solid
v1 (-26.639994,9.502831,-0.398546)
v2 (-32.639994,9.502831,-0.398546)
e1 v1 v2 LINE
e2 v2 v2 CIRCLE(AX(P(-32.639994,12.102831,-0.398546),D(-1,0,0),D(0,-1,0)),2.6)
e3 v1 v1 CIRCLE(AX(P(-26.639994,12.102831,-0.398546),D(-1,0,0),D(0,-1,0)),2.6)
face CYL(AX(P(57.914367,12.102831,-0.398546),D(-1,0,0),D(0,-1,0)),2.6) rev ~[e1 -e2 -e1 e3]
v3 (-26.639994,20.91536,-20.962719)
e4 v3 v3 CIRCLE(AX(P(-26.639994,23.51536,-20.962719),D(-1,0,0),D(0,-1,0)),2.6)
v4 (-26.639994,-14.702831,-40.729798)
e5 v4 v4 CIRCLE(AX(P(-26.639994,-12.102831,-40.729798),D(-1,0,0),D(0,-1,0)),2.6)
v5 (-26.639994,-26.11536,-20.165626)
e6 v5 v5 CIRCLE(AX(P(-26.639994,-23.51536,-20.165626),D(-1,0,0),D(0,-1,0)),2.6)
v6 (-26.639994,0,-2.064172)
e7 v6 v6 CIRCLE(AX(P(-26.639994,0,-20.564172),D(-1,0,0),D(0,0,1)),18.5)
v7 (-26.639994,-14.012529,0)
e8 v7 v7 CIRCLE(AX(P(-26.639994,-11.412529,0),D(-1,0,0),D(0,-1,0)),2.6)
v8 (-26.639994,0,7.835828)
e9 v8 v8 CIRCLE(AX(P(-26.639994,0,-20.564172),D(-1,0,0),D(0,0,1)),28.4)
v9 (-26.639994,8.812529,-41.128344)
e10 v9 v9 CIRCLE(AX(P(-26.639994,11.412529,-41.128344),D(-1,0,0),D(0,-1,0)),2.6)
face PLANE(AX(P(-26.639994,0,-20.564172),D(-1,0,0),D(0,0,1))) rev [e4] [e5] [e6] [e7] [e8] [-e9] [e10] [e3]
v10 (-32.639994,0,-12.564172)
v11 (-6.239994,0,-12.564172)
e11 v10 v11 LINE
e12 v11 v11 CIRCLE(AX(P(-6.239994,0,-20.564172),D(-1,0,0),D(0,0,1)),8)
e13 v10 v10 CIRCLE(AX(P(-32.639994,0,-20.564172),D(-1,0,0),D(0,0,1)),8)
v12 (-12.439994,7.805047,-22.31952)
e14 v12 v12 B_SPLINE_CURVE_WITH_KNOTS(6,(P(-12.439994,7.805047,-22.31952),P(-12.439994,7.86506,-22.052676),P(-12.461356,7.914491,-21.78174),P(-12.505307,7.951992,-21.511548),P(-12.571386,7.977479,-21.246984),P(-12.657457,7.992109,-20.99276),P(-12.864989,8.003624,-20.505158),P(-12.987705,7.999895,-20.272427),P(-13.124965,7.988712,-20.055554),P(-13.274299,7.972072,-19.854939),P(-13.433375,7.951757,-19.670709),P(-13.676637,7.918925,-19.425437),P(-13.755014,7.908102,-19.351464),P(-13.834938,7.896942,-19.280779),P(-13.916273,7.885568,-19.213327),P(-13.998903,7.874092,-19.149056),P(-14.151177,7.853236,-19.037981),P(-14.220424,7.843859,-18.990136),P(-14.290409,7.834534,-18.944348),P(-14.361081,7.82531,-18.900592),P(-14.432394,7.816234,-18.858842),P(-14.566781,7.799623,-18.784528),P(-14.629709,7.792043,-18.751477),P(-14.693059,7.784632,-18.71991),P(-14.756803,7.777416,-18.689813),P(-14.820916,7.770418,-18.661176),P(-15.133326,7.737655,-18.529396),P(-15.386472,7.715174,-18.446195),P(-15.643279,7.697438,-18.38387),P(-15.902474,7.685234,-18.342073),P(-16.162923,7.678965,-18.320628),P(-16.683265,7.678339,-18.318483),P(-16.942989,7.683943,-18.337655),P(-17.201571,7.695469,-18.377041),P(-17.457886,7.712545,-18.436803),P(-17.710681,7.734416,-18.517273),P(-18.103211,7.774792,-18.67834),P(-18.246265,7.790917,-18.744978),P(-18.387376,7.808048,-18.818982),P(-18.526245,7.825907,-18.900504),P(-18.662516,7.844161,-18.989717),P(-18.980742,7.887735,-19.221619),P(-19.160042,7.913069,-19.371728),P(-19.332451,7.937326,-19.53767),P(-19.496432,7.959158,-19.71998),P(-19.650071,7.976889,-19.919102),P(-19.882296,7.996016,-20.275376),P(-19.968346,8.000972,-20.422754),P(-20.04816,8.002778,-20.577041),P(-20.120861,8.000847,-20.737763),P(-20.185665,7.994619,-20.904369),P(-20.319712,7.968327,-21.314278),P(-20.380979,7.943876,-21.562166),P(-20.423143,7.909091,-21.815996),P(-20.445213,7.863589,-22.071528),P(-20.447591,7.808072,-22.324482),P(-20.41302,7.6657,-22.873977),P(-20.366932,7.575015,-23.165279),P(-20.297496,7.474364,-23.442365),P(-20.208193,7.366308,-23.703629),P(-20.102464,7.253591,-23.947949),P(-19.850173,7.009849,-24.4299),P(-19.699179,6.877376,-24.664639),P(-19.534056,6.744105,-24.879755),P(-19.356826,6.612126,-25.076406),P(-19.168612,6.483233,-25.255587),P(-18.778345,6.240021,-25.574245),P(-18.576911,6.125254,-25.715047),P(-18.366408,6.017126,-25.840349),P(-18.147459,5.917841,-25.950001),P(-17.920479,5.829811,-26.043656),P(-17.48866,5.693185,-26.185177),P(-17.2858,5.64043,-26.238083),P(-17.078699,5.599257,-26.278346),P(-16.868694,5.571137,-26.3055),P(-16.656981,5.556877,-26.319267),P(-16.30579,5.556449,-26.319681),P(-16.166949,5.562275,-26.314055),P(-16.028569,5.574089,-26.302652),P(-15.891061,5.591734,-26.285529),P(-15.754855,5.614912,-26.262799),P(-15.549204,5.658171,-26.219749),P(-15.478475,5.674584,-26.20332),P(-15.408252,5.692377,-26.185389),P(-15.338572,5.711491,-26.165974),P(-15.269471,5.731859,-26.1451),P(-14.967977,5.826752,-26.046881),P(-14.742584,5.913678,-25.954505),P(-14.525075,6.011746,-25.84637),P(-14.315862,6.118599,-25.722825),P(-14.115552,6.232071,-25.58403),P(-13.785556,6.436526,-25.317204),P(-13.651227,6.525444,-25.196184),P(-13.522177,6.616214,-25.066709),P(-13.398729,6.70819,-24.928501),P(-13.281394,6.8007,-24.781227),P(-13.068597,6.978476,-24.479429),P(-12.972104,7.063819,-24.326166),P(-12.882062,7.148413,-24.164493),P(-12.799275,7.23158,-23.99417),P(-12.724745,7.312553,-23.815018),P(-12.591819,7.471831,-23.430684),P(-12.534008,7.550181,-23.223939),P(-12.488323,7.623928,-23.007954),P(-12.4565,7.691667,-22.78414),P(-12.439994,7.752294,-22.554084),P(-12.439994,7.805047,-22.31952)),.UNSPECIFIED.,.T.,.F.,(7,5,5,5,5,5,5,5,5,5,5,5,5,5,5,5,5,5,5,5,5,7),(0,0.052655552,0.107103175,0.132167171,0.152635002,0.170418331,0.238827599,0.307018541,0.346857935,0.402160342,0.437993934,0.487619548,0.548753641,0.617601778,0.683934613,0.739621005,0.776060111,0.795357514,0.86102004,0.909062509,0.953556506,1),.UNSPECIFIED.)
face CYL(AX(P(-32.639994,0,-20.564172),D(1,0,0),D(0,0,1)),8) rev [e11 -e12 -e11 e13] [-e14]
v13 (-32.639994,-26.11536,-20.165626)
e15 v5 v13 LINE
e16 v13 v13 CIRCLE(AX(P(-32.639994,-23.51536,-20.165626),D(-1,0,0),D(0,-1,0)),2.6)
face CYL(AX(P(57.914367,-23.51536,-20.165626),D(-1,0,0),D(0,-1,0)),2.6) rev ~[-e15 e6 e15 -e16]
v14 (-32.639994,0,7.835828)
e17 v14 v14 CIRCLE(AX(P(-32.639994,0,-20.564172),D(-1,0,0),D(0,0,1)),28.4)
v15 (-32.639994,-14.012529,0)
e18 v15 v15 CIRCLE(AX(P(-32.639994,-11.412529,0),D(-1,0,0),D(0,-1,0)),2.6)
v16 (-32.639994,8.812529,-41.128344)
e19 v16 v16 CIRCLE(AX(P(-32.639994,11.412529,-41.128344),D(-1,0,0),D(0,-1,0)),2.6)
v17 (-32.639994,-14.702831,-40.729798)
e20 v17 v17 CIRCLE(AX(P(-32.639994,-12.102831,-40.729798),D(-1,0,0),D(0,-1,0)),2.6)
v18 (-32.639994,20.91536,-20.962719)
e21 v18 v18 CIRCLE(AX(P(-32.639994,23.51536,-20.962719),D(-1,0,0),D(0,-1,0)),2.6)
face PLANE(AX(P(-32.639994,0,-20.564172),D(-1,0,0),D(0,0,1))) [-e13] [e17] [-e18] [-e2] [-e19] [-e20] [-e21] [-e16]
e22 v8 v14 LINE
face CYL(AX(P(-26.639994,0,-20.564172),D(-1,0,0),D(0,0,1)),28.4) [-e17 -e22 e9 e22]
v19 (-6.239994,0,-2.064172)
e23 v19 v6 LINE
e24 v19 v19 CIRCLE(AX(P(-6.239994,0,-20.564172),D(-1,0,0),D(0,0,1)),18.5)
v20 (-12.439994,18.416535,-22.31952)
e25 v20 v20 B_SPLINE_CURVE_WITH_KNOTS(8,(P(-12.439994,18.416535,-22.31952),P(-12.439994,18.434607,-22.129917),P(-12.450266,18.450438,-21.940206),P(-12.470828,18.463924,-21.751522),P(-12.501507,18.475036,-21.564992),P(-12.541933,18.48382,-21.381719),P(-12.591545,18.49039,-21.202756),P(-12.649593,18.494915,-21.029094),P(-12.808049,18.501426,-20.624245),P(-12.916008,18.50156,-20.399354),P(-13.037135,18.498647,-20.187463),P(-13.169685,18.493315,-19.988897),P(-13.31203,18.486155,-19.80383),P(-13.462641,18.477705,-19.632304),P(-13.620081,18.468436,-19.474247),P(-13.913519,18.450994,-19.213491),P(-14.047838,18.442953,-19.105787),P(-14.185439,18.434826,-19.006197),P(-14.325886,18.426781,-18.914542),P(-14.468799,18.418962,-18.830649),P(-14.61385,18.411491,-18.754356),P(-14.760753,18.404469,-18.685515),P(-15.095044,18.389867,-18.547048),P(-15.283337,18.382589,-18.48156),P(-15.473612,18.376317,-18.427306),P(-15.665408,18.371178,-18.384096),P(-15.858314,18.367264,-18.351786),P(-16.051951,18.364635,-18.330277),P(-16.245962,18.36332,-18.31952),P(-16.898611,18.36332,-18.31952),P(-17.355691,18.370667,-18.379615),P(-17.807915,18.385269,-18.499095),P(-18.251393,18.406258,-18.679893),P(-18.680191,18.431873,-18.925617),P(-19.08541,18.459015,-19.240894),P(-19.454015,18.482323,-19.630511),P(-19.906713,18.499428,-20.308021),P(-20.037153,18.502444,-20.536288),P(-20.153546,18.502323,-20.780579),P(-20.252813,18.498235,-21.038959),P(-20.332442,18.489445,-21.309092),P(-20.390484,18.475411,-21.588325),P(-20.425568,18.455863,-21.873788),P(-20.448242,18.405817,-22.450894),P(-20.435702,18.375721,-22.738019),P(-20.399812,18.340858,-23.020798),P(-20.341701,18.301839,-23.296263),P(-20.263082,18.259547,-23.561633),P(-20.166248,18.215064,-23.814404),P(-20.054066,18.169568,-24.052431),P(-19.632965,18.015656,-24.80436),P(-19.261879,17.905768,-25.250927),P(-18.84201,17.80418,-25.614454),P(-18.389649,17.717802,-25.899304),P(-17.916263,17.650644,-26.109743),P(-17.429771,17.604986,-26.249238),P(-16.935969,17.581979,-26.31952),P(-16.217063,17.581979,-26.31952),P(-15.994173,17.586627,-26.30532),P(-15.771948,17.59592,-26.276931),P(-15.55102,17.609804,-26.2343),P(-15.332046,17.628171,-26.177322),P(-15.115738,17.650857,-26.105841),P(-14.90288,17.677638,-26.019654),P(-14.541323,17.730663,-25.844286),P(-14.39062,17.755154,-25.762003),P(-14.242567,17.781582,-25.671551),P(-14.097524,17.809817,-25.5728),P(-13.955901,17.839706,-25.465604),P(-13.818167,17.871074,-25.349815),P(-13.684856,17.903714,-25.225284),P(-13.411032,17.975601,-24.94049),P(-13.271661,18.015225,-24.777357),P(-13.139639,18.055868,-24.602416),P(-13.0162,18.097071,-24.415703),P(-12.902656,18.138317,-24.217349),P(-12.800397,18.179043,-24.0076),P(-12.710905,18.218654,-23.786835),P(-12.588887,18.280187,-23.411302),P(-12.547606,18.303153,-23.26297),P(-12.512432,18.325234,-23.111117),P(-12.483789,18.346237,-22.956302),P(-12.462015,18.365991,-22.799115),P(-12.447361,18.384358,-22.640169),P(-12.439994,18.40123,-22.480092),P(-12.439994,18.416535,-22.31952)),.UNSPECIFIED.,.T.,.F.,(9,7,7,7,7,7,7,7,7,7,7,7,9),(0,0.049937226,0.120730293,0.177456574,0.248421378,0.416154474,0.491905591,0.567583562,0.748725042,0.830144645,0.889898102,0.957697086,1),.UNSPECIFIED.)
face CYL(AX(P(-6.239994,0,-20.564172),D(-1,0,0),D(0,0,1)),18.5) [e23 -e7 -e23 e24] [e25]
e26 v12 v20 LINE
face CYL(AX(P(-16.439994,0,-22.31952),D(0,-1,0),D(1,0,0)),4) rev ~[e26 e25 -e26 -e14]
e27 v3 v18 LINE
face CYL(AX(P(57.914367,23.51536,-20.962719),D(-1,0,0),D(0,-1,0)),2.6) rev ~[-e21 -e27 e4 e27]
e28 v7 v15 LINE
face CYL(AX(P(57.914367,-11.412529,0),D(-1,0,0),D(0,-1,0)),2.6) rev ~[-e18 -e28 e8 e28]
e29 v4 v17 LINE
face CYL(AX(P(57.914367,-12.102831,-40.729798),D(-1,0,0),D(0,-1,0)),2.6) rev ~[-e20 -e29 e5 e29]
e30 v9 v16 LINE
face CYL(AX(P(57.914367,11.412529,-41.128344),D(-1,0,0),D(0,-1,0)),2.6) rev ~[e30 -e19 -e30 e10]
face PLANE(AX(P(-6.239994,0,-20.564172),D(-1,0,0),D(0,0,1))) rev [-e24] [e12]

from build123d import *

# Parameters (mm, degrees)
F3_D     = 5.2
F5_D     = 8
F5_DEPTH = 28.401


with BuildPart() as f1:
    # F0 (on Front) → F1 (revolve)
    with BuildSketch(Plane.XZ):
        Polygon((-32.6399943951, 7.8358277731), (-32.6399943951, -12.5641722269), (-6.2399943951, -12.5641722269), (-6.2399943951, -2.0641722269), (-26.6399943951, -2.0641722269), (-26.6399943951, 7.8358277731), align=None)
    revolve(axis=Axis((0, 0, -20.5641722269), (-1, 0, 0)))

    # F3 (through all)
    with Locations(Plane.YZ.offset(-26.6399943951)):
        with Locations((-11.4125286283, 0), (12.1028312422, -0.3985464), (23.5153598705, -20.9627186269), (11.4125286283, -41.1283444539), (-12.1028312422, -40.7297980539), (-23.5153598705, -20.165625827)):
            Hole(F3_D / 2)

    # F5 (through all, one way)
    with BuildSketch(Plane.XZ):
        with Locations((-16.4399943951, -22.3195198923)):
            Circle(F5_D / 2)
    extrude(amount=-F5_DEPTH, mode=Mode.SUBTRACT)


solid = f1.part
